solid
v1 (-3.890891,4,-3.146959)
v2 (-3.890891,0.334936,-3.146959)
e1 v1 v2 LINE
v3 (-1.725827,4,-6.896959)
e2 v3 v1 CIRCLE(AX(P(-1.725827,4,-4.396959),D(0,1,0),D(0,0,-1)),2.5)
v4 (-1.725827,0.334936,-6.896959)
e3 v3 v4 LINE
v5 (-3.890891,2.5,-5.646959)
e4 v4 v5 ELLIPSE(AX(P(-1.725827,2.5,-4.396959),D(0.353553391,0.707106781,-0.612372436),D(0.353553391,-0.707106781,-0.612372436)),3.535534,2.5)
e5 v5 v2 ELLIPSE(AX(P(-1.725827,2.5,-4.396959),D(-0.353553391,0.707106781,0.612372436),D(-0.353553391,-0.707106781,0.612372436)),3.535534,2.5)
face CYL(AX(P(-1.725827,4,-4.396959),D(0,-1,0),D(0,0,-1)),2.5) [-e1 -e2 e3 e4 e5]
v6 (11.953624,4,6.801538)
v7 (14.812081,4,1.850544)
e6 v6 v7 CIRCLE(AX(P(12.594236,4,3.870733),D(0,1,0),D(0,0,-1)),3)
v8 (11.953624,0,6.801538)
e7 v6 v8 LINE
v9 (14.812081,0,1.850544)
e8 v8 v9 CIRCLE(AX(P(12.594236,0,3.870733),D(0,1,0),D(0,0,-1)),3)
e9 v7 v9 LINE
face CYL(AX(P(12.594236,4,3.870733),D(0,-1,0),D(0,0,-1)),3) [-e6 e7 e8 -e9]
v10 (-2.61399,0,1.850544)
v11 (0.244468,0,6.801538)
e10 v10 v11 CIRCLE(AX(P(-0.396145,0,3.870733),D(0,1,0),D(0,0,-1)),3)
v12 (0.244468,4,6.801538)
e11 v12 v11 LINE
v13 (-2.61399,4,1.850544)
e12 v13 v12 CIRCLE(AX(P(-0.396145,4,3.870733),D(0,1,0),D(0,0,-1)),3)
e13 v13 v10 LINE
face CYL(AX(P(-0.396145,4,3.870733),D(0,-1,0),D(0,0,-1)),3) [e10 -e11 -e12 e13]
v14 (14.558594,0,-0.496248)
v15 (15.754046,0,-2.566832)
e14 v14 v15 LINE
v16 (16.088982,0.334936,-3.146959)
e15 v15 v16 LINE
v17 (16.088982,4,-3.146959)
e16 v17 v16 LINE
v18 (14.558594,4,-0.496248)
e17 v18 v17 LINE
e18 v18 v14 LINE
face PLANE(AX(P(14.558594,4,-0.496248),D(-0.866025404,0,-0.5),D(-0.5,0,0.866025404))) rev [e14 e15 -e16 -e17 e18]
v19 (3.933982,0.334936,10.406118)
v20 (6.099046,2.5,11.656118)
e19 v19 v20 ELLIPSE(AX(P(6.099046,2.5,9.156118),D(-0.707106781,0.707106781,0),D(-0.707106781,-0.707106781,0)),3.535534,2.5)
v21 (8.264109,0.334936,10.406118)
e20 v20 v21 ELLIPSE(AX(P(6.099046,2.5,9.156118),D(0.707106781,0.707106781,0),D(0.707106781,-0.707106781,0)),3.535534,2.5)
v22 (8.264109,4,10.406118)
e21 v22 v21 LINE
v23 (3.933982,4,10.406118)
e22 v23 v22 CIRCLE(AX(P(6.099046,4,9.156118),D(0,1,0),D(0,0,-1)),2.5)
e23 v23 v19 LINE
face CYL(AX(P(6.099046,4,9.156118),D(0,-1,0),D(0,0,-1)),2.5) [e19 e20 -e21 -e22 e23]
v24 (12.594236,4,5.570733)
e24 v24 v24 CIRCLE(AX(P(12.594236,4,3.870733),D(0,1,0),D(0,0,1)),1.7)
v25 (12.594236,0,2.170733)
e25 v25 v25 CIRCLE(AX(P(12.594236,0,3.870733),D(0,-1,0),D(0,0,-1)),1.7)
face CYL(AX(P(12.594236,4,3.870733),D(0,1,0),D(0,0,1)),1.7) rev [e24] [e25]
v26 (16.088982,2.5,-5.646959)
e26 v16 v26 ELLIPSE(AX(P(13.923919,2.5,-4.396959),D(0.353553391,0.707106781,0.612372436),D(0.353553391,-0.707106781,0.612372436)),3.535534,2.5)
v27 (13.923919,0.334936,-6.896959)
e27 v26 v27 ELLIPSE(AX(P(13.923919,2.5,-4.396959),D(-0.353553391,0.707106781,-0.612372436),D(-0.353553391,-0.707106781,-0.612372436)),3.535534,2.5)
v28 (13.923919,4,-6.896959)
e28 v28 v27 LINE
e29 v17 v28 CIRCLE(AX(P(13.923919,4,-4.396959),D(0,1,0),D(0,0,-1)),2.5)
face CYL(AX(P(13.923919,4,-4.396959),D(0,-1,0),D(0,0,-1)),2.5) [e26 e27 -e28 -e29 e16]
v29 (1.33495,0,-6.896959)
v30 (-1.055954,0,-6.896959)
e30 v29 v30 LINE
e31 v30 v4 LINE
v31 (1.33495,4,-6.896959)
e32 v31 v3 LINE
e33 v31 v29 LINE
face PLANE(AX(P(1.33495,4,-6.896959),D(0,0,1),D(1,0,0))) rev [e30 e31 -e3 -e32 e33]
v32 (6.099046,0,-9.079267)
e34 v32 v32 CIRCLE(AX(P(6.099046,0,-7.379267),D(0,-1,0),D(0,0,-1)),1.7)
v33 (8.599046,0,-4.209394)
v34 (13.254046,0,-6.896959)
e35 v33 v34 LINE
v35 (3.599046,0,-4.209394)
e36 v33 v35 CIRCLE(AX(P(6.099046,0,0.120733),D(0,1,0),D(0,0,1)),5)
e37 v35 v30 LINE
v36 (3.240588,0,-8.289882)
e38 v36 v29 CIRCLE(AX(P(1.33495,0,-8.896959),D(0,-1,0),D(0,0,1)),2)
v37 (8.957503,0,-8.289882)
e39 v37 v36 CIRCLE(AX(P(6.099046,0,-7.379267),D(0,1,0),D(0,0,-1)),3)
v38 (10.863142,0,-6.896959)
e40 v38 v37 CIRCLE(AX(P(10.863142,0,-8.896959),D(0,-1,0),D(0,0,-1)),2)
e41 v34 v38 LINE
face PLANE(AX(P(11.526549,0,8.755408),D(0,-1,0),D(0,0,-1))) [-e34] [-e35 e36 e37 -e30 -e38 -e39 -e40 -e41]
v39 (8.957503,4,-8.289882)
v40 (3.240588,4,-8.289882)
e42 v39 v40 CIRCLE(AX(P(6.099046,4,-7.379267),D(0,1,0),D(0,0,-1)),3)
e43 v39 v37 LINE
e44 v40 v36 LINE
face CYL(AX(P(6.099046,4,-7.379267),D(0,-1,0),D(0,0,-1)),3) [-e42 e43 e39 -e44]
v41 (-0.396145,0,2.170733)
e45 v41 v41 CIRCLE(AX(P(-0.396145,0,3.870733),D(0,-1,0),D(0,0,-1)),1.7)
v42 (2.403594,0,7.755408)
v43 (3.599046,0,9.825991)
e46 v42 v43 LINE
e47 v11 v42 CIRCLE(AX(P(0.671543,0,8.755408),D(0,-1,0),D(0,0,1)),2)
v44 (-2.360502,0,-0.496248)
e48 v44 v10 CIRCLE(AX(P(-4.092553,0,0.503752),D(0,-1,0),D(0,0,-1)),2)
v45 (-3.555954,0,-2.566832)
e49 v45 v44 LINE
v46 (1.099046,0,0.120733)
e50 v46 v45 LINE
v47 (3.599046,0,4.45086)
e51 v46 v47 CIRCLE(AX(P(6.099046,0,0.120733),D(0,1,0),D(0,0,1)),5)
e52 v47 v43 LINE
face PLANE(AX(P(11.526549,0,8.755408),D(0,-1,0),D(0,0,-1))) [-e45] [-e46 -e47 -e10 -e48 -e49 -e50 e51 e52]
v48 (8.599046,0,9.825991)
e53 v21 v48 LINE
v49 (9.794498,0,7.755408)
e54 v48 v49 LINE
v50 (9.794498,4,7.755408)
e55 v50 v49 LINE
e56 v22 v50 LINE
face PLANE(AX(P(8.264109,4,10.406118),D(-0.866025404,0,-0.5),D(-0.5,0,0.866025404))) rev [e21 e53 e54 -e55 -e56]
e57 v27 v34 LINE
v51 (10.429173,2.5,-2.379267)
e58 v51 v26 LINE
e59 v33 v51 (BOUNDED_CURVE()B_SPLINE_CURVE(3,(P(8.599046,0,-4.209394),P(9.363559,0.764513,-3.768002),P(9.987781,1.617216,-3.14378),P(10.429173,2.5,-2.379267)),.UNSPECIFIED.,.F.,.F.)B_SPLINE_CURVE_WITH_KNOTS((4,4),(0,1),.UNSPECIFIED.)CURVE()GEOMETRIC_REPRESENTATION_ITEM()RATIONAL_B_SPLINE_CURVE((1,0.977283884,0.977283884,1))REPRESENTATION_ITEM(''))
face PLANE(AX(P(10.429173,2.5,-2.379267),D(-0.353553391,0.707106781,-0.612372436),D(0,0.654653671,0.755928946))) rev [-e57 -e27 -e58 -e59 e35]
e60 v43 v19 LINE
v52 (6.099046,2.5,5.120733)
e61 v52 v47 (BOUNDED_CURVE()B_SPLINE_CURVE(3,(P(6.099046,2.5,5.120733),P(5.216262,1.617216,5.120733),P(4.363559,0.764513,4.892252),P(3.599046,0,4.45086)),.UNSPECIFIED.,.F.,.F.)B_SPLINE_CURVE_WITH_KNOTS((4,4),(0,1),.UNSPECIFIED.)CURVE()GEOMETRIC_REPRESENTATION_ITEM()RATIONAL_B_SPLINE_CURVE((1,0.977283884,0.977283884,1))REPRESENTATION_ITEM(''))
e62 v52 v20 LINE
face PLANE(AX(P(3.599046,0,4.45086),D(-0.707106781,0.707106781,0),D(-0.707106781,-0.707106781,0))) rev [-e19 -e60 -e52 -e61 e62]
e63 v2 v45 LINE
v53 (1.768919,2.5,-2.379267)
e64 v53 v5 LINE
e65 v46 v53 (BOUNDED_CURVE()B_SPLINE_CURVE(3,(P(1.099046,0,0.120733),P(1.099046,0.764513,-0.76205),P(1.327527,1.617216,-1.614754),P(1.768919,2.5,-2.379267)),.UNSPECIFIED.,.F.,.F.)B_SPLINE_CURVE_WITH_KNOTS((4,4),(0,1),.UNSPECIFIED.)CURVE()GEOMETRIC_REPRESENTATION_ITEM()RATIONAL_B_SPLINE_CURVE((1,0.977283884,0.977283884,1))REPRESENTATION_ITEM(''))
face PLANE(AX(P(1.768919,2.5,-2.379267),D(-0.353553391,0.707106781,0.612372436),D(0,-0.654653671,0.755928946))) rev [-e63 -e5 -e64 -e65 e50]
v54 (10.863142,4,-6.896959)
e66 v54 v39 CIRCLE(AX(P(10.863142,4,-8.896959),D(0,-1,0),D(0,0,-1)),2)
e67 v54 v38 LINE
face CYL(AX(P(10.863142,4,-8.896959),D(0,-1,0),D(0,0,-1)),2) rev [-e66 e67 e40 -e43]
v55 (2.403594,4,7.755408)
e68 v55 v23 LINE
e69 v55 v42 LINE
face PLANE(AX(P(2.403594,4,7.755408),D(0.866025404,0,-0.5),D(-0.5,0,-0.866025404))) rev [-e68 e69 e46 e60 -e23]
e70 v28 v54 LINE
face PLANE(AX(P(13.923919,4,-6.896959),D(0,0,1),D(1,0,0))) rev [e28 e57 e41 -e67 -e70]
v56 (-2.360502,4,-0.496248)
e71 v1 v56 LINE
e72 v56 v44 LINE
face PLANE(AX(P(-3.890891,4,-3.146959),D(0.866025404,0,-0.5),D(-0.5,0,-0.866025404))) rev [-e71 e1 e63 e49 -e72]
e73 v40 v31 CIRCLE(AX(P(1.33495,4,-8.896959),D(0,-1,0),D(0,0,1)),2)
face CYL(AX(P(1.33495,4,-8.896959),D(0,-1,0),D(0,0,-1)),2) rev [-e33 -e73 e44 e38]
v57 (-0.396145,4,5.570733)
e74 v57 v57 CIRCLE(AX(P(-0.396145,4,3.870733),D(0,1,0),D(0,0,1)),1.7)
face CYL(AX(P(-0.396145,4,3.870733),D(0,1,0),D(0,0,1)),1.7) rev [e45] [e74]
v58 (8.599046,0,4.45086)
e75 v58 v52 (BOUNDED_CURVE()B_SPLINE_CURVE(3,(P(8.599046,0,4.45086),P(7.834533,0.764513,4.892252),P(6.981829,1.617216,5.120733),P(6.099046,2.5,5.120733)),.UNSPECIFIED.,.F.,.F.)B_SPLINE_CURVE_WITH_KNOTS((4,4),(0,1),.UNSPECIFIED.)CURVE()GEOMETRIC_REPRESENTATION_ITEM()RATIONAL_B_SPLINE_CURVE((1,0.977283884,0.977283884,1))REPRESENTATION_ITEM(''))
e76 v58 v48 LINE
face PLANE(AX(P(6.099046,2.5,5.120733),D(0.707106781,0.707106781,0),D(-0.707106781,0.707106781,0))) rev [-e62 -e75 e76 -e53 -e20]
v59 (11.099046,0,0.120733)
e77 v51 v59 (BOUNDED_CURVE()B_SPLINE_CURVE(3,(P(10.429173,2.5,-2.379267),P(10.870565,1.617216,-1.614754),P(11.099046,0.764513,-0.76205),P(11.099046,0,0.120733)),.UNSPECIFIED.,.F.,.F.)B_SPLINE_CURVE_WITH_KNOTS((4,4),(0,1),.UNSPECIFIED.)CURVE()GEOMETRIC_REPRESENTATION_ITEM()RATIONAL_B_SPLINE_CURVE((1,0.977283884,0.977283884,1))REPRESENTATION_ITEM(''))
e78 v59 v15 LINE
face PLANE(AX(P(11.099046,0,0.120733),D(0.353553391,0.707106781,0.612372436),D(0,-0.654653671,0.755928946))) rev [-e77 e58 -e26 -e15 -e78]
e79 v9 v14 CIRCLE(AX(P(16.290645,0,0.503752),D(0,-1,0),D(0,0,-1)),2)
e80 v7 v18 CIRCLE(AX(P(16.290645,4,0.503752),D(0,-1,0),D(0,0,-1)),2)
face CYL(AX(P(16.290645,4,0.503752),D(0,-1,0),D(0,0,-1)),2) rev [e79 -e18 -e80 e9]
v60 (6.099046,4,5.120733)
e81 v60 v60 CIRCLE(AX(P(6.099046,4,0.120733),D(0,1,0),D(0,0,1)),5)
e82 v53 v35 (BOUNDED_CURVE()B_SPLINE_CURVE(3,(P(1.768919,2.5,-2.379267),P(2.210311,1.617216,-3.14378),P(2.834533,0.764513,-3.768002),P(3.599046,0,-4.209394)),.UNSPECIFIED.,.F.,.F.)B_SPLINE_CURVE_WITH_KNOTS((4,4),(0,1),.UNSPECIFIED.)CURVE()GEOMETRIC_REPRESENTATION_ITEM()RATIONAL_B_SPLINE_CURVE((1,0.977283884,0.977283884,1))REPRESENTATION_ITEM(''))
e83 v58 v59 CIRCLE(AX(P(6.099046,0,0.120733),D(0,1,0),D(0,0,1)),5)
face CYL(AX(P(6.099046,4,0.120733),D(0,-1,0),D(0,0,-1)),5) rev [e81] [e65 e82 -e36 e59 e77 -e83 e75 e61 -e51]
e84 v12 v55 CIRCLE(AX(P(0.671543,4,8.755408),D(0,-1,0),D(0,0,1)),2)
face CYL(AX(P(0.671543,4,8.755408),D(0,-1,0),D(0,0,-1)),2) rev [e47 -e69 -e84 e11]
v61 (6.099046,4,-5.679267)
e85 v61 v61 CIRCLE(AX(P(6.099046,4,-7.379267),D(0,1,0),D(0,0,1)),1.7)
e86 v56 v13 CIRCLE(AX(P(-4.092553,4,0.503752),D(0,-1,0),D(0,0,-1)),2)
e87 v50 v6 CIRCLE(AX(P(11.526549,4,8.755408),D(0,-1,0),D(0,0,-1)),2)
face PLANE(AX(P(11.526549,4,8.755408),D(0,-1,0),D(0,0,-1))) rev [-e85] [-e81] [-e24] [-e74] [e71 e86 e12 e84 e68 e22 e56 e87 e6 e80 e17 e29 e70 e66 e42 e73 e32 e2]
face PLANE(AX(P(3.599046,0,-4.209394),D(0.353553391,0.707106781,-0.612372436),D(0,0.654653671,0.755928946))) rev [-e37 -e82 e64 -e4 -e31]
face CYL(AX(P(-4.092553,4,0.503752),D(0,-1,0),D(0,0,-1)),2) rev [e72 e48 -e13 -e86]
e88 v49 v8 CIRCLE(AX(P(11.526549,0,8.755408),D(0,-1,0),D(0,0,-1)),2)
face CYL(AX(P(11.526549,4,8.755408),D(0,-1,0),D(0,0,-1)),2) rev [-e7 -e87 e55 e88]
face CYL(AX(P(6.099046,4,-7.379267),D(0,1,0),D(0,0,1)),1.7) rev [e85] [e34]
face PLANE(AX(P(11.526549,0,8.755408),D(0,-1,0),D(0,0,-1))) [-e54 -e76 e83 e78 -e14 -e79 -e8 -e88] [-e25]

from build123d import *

# Parameters (mm, degrees)
SKETCH1_R         = 5
EXTRUDE1_DEPTH    = 4
CIRPATTERN2_COUNT = 3
EXTRUDE4_START    = 4.45086
EXTRUDE4_DEPTH    = 7.205259
EXTRUDE5_START    = 4.330127
EXTRUDE5_DEPTH    = 7.205258
EXTRUDE6_START    = 4.330127
EXTRUDE6_DEPTH    = 7.205258


with BuildPart() as part:
    # Sketch1 → Extrude1 (new body)
    with BuildSketch(Plane(origin=(0, 0, 0), x_dir=(1, 0, 0), z_dir=(0, 1, 0))):
        with BuildLine():
            Line((-3.89089061, 3.146959138), (-2.360502052, 0.4962484))
            ThreePointArc((-2.360502052, 0.4962484), (-2.104118872, -0.718531203), (-2.613989574, -1.850544314))
            ThreePointArc((-2.613989574, -1.850544314), (-2.994220859, -5.370733384), (0.244467944, -6.801537968))
            ThreePointArc((0.244467944, -6.801537968), (1.479755407, -6.925983542), (2.403593813, -7.75540769))
            Line((2.403593813, -7.75540769), (3.933982371, -10.406118428))
            ThreePointArc((3.933982371, -10.406118428), (6.099045881, -11.656118428), (8.26410939, -10.406118428))
            Line((8.26410939, -10.406118428), (9.794497948, -7.75540769))
            ThreePointArc((9.794497948, -7.75540769), (10.718336354, -6.925983542), (11.953623817, -6.801537968))
            ThreePointArc((11.953623817, -6.801537968), (15.192312621, -5.370733384), (14.812081336, -1.850544314))
            ThreePointArc((14.812081336, -1.850544314), (14.302210633, -0.718531203), (14.558593813, 0.4962484))
            Line((14.558593813, 0.4962484), (16.088982371, 3.146959138))
            ThreePointArc((16.088982371, 3.146959138), (16.088982371, 5.646959138), (13.923918862, 6.896959138))
            Line((13.923918862, 6.896959138), (10.863141746, 6.896959138))
            ThreePointArc((10.863141746, 6.896959138), (9.68292016, 7.282314592), (8.9575034, 8.289882129))
            ThreePointArc((8.9575034, 8.289882129), (6.099045881, 10.379266616), (3.240588362, 8.289882129))
            ThreePointArc((3.240588362, 8.289882129), (2.515171602, 7.282314592), (1.334950016, 6.896959138))
            Line((1.334950016, 6.896959138), (-1.7258271, 6.896959138))
            ThreePointArc((-1.7258271, 6.896959138), (-3.89089061, 5.646959138), (-3.89089061, 3.146959138))
        make_face()
        with Locations((6.099045881, -0.120733384)):
            Circle(SKETCH1_R, mode=Mode.SUBTRACT)
    extrude(amount=EXTRUDE1_DEPTH)

    # Sketch6 → M3 Clearance Hole1 (revolve, cut)
    with BuildSketch(Plane(origin=(-0.396144648, 4, 3.870733384), x_dir=(0, 0, 1), z_dir=(1, 0, 0))):
        Polygon((0, 0), (0, 11.021463052), (1.7, 10), (1.7, 0), align=None)
    m3_clearance_hole1 = revolve(axis=Axis((-0.396144648, 10.35, 3.870733384), (0, -1, 0)), mode=Mode.SUBTRACT)

    # CirPattern2: M3 Clearance Hole1 ×3 about axis
    cirpattern2_axis = Axis((6.099045881, 0, 0.120733384), (0, 1, 0))
    for i in range(1, CIRPATTERN2_COUNT):
        add(m3_clearance_hole1.rotate(cirpattern2_axis, i * 360 / CIRPATTERN2_COUNT), mode=Mode.SUBTRACT)

    # GrooveSketch → Extrude4 (cut)
    with BuildSketch(Plane.XY.offset(EXTRUDE4_START)):
        Polygon((34.668922444, -26.069876563), (8.599045881, 0), (6.099045881, 2.5), (3.599045881, 0), (-22.470830682, -26.069876563), (-22.470830682, -99.806622573), (34.668922444, -99.806622573), align=None)
    extrude(amount=EXTRUDE4_DEPTH, mode=Mode.SUBTRACT)

    # Sketch9 → Extrude5 (cut)
    with BuildSketch(Plane(origin=(4.6265635, 0, 2.671147682), x_dir=(-0.5, 0, 0.866025404), z_dir=(-0.866025404, 0, -0.5)).offset(EXTRUDE5_START)):
        Polygon((32.223222882, -32.668187644), (-0.444964763, 0), (-2.944964763, 2.5), (-5.444964763, 0), (-38.113152407, -32.668187644), (-38.113152407, -125.067775694), (32.223222882, -125.067775694), align=None)
    extrude(amount=EXTRUDE5_DEPTH, mode=Mode.SUBTRACT)

    # Sketch10 → Extrude6 (cut)
    with BuildSketch(Plane(origin=(4.522005322, 0, -2.61078099), x_dir=(-0.5, 0, -0.866025404), z_dir=(0.866025404, 0, -0.5)).offset(EXTRUDE6_START)):
        Polygon((32.014106526, -32.668187644), (-0.654081118, 0), (-3.154081118, 2.5), (-5.654081118, 0), (-38.322268763, -32.668187644), (-38.322268763, -125.067775694), (32.014106526, -125.067775694), align=None)
    extrude(amount=EXTRUDE6_DEPTH, mode=Mode.SUBTRACT)


solid = part.part
